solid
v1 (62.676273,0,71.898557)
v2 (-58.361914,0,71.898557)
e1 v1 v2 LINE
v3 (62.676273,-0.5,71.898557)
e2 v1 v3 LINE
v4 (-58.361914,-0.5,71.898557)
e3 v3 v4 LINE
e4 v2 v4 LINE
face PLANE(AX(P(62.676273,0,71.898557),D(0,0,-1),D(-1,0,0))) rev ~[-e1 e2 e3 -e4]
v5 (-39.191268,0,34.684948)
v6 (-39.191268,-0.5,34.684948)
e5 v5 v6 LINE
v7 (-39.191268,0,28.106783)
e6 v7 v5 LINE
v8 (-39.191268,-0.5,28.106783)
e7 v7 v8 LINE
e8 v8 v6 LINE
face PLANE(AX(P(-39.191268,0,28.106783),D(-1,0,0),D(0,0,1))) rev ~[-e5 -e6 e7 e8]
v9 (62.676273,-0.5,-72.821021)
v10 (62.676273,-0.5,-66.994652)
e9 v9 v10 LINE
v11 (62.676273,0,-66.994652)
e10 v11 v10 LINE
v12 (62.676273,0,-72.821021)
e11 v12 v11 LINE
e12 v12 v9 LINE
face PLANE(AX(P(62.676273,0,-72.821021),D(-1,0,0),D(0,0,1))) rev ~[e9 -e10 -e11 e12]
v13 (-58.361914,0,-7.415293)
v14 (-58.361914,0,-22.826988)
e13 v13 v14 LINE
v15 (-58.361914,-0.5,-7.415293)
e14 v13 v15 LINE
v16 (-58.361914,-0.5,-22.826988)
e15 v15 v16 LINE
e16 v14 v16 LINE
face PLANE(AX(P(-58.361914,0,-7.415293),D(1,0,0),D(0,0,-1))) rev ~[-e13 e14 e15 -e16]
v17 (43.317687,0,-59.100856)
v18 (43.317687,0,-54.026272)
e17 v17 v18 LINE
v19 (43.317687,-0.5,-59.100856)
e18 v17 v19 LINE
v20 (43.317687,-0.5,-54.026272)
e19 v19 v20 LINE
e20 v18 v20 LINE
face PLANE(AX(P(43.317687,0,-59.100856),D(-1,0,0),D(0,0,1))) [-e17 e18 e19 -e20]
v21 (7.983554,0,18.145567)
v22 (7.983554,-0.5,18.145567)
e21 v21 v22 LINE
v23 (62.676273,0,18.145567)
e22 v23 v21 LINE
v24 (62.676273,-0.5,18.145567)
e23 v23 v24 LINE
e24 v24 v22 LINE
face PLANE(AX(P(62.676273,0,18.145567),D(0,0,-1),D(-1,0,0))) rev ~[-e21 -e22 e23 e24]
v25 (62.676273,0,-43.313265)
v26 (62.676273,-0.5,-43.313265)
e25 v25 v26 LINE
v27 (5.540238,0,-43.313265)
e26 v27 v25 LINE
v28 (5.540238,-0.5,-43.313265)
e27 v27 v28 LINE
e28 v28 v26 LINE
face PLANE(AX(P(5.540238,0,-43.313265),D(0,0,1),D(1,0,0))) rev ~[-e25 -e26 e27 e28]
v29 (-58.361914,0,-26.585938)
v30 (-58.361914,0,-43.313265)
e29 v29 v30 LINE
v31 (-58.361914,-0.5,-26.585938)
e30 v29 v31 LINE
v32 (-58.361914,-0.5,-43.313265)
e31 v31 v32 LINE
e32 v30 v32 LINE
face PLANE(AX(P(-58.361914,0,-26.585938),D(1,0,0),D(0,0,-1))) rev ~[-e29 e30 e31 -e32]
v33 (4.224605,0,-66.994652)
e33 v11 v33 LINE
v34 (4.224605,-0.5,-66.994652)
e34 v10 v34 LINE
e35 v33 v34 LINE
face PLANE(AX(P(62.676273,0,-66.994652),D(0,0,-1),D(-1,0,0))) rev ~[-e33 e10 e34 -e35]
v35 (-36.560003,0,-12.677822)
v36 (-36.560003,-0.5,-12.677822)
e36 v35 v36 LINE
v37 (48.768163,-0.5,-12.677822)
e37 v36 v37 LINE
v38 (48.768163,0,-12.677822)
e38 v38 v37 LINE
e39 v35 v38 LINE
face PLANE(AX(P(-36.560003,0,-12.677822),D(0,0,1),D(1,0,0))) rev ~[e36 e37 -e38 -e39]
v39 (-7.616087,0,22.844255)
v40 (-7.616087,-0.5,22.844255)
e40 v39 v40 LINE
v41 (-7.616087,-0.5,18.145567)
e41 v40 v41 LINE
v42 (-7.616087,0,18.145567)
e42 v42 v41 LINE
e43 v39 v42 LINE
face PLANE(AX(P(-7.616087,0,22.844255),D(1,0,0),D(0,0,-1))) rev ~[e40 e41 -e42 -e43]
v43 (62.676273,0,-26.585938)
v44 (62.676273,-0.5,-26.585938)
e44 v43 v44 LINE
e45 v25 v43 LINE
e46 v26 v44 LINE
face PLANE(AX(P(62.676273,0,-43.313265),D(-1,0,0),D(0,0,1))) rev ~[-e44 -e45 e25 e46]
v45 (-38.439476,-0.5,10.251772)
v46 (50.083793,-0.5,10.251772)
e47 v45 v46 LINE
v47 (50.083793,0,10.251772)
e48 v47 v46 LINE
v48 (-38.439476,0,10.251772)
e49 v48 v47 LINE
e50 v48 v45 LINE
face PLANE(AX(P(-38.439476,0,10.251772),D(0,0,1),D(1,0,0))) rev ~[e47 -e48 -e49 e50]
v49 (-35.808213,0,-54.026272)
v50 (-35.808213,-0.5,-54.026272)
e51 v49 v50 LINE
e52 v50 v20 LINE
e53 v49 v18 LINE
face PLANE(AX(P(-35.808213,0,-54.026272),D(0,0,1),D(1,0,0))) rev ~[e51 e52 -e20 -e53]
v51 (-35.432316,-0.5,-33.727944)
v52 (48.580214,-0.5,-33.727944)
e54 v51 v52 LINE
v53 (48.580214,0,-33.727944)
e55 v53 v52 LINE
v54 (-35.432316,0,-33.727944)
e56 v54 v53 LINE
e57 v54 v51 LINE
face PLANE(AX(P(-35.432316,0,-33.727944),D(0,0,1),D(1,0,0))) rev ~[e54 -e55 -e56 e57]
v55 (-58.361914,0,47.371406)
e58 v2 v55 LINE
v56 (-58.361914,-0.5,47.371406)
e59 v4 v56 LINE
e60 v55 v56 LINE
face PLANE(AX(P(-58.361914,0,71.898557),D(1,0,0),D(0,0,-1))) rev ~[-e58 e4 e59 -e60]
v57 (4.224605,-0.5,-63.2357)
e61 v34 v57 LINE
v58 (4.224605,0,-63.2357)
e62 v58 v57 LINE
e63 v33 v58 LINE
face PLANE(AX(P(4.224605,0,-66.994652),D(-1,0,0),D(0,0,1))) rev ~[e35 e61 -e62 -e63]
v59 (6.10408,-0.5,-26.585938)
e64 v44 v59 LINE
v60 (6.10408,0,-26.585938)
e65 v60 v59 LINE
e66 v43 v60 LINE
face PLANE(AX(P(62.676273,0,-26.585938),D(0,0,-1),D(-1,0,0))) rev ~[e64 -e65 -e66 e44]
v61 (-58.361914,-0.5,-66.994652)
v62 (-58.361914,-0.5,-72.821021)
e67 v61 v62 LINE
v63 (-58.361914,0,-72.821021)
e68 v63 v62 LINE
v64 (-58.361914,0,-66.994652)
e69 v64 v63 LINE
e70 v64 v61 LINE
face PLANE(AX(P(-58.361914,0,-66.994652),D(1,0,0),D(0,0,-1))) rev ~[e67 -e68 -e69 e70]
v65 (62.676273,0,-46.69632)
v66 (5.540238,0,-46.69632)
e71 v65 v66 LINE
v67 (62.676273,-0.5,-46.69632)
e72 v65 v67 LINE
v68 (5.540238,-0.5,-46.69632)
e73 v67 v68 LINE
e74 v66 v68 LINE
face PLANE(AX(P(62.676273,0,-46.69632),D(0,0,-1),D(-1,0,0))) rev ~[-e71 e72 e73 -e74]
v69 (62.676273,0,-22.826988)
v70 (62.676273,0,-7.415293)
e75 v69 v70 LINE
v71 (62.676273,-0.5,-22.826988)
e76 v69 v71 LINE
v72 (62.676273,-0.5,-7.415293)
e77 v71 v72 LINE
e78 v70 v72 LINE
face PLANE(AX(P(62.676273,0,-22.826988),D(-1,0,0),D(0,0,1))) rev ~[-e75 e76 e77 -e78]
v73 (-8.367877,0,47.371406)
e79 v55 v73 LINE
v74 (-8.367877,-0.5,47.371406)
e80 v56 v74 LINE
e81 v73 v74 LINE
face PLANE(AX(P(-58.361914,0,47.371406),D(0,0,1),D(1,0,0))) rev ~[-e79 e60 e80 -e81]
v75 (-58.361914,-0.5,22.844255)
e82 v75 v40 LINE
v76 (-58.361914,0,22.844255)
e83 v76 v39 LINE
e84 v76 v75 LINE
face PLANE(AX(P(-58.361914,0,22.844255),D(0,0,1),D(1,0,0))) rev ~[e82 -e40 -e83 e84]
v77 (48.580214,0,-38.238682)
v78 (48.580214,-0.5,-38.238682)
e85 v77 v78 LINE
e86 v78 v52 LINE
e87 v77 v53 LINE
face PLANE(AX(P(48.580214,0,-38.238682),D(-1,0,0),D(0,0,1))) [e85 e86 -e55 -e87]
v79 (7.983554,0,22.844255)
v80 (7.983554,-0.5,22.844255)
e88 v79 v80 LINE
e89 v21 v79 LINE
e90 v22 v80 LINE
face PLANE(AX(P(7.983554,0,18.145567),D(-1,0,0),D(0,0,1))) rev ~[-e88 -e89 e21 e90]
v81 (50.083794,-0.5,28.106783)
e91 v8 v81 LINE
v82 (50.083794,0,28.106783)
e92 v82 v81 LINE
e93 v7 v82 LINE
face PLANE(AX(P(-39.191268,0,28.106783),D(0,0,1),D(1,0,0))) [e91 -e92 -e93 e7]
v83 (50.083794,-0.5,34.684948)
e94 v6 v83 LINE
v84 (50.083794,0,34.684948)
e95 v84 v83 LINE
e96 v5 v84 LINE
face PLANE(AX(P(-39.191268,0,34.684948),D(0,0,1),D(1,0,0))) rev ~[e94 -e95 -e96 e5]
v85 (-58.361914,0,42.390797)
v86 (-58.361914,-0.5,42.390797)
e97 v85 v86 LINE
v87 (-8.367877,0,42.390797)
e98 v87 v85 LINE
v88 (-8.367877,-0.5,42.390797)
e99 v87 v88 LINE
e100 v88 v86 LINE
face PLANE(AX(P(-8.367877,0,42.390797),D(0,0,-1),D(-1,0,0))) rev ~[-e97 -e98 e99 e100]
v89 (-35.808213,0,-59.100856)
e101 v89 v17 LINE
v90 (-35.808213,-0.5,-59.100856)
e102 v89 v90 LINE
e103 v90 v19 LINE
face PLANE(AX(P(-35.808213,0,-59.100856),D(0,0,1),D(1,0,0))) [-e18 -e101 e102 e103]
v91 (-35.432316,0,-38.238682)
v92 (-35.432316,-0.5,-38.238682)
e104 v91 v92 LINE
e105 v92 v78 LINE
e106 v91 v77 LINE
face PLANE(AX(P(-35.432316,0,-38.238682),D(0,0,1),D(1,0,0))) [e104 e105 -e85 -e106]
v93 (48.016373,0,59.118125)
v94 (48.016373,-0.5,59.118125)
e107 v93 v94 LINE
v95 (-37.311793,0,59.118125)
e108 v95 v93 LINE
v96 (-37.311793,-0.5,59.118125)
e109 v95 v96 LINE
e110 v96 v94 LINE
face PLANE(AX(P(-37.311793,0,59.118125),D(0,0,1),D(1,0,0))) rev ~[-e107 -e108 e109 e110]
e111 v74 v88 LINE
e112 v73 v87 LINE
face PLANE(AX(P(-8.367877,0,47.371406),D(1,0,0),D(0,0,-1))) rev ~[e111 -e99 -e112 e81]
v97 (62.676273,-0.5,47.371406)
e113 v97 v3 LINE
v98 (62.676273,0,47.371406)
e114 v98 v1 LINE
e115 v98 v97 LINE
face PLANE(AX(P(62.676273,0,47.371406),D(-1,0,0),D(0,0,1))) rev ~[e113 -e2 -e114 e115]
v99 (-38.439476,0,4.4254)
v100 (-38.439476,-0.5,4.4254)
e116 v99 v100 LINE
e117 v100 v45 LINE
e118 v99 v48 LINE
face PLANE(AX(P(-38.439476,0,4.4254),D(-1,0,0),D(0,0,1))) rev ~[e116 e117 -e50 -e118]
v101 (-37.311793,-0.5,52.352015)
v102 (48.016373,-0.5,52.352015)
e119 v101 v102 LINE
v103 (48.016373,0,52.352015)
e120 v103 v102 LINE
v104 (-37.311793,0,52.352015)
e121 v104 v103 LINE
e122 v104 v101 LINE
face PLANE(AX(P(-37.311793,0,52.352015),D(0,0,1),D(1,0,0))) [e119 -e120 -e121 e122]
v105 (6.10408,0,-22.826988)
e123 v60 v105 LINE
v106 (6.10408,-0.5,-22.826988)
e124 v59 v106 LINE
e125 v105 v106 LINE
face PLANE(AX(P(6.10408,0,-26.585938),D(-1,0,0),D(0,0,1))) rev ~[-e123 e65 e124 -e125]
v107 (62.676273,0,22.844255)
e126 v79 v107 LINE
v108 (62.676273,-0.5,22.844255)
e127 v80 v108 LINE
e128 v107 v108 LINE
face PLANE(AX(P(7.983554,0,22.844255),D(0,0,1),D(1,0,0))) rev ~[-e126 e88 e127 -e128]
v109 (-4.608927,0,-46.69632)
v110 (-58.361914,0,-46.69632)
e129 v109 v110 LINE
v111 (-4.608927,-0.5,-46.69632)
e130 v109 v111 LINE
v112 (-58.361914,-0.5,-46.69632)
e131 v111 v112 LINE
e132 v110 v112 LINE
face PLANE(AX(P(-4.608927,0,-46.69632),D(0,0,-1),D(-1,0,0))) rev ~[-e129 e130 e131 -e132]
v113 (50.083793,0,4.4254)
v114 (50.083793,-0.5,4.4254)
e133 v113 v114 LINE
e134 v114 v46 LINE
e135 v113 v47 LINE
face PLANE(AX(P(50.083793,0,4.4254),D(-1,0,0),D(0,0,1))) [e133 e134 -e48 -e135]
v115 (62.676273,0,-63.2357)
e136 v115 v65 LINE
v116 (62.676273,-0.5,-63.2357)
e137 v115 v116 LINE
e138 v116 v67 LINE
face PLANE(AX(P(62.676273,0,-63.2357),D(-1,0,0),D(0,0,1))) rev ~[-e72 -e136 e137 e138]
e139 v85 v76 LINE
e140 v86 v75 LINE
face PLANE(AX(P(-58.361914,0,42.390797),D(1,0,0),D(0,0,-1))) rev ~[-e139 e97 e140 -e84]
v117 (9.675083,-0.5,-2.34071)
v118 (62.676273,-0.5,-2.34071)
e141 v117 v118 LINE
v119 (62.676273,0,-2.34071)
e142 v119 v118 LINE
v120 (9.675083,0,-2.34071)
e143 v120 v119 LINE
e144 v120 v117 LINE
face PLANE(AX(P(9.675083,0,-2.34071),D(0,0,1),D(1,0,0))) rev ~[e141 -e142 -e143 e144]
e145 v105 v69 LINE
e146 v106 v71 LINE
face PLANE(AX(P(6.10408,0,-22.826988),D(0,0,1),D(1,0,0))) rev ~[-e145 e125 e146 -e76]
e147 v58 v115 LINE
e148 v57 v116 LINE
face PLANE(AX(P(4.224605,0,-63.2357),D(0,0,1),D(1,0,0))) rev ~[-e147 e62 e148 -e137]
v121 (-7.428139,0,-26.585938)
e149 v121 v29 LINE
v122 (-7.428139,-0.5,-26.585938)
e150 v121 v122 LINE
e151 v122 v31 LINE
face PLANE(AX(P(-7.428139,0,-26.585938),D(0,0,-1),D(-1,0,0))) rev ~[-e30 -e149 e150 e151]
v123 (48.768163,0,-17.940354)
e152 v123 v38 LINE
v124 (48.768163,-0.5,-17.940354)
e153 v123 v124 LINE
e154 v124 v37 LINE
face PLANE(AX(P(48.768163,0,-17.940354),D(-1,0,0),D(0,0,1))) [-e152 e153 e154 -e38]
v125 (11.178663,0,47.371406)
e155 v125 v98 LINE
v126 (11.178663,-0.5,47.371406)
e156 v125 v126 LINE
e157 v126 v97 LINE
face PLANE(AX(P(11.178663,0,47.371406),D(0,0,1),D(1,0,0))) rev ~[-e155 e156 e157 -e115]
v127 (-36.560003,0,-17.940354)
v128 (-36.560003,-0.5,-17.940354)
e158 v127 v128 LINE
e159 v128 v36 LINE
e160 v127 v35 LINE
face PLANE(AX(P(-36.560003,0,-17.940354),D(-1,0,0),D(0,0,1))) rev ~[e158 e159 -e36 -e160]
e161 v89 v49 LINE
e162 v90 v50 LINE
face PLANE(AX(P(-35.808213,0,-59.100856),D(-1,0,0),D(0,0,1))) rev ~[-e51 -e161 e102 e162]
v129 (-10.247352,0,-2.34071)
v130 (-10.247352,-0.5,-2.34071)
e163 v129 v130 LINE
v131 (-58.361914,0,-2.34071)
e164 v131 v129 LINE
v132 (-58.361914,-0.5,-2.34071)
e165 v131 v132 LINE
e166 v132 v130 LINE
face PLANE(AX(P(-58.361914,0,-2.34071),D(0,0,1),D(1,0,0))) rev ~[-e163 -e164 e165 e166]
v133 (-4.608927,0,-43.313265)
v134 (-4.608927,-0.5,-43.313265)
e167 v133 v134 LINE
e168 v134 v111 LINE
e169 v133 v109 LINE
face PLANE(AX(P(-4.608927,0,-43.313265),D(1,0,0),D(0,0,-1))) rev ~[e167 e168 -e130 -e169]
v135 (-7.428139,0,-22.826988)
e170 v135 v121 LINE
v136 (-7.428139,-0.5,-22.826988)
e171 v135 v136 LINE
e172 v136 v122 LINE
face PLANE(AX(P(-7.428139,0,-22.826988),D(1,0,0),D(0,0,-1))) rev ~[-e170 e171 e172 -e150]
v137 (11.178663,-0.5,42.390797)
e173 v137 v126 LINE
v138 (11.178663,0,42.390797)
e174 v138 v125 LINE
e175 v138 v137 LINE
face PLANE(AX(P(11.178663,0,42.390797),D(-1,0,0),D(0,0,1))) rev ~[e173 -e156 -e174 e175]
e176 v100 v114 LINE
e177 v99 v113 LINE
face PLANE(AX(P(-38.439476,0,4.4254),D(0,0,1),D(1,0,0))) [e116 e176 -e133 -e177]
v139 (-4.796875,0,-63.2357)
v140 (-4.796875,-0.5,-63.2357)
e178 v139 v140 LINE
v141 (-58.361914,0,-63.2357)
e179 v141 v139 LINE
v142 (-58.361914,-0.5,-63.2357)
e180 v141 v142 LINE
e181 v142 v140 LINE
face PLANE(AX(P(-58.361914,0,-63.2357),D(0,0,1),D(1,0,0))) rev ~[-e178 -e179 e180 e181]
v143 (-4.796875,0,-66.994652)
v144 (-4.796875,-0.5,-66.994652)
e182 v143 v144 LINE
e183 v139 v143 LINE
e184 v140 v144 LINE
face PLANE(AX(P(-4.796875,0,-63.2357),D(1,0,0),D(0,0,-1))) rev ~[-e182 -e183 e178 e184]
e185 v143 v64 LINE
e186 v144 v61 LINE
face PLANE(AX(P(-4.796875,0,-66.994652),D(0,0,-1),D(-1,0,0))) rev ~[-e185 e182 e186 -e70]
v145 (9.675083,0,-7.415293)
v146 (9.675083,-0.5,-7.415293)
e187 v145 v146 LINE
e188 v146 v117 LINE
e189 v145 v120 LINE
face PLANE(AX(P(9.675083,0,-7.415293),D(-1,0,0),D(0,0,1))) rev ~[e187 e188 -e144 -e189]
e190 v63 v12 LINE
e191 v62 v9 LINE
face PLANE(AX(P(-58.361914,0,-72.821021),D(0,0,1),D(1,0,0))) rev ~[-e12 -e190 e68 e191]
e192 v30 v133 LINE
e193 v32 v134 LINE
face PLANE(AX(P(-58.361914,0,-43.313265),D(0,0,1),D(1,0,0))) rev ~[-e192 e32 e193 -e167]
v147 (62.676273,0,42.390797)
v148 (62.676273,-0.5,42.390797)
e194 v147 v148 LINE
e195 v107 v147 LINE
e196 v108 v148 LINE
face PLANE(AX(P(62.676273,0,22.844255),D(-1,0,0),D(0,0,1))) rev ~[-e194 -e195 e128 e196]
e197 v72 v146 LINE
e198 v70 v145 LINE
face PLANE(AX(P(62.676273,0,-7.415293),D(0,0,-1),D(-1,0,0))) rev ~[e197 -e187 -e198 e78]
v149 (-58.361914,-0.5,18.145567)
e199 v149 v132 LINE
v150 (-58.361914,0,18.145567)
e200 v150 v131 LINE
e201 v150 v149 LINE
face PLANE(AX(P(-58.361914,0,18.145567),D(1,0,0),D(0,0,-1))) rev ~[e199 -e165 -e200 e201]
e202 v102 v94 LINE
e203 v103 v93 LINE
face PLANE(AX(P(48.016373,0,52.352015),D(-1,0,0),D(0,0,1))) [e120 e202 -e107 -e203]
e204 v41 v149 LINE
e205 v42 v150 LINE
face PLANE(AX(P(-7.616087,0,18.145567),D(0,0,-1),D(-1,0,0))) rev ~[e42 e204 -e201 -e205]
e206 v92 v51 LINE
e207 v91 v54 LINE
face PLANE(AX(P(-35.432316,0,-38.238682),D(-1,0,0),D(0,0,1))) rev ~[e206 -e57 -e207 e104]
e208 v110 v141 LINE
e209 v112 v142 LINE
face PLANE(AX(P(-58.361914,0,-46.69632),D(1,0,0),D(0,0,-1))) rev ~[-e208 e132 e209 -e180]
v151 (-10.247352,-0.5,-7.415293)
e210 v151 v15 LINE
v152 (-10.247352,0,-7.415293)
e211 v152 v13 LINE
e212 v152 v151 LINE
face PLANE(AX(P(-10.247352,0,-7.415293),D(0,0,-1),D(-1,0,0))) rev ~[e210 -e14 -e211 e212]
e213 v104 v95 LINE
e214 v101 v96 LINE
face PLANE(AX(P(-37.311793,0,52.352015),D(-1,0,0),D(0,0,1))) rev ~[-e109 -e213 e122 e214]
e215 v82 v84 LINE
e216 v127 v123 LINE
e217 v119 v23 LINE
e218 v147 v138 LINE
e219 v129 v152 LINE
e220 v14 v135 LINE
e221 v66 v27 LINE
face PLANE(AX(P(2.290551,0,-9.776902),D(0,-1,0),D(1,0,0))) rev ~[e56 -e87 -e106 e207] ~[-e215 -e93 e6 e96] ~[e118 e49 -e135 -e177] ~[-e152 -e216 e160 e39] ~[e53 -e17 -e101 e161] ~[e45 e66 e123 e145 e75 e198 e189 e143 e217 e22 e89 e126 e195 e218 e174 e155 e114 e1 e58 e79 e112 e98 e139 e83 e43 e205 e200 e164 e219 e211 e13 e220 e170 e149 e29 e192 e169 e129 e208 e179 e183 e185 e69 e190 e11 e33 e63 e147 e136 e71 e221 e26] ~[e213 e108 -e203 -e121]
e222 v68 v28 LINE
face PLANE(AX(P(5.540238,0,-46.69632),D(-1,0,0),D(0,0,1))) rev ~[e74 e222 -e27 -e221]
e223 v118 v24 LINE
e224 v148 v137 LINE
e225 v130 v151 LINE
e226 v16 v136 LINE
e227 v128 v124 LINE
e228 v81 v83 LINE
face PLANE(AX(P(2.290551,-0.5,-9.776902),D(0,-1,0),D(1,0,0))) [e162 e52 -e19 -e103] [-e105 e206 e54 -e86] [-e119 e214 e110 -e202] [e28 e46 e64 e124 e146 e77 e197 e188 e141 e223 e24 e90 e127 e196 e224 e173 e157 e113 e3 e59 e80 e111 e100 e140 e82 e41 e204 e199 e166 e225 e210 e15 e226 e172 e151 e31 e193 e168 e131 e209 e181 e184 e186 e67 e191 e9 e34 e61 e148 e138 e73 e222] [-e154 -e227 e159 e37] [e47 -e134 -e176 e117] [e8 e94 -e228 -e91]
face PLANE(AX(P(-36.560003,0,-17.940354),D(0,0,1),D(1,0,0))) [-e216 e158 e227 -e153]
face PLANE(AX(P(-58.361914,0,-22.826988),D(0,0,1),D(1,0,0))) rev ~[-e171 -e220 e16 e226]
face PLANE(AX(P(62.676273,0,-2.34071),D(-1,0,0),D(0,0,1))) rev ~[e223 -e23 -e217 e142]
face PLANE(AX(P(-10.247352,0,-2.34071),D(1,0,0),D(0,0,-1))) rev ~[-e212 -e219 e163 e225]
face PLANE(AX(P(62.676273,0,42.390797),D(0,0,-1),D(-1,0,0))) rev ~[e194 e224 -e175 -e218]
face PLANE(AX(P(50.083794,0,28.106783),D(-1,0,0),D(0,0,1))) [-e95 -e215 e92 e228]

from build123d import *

# Parameters (mm, degrees)
F0_W     = 79.1259
F0_H     = 5.074583
F0_W_2   = 84.01253
F0_H_2   = 4.510738
F0_W_3   = 85.328166
F0_H_3   = 5.262531
F0_W_4   = 88.523269
F0_H_4   = 5.826373
F0_W_5   = 89.275062
F0_H_5   = 6.578165
F0_W_6   = 85.328165
F0_H_6   = 6.766111
F1_DEPTH = 0.5


with BuildPart() as f1:
    # F0 (on Front) → F1 (new body)
    with BuildSketch(Plane.XZ):
        Polygon((62.676273, 71.898557), (-58.361914, 71.898557), (-58.361914, 47.371406), (-8.367877, 47.371406), (-8.367877, 42.390797), (-58.361914, 42.390797), (-58.361914, 22.844255), (-7.616087, 22.844255), (-7.616087, 18.145567), (-58.361914, 18.145567), (-58.361914, -2.34071), (-10.247352, -2.34071), (-10.247352, -7.415293), (-58.361914, -7.415293), (-58.361914, -22.826988), (-7.428139, -22.826988), (-7.428139, -26.585938), (-58.361914, -26.585938), (-58.361914, -43.313265), (-4.608927, -43.313265), (-4.608927, -46.69632), (-58.361914, -46.69632), (-58.361914, -63.2357), (-4.796875, -63.2357), (-4.796875, -66.994652), (-58.361914, -66.994652), (-58.361914, -72.821021), (62.676273, -72.821021), (62.676273, -66.994652), (4.224605, -66.994652), (4.224605, -63.2357), (62.676273, -63.2357), (62.676273, -46.69632), (5.540238, -46.69632), (5.540238, -43.313265), (62.676273, -43.313265), (62.676273, -26.585938), (6.10408, -26.585938), (6.10408, -22.826988), (62.676273, -22.826988), (62.676273, -7.415293), (9.675083, -7.415293), (9.675083, -2.34071), (62.676273, -2.34071), (62.676273, 18.145567), (7.983554, 18.145567), (7.983554, 22.844255), (62.676273, 22.844255), (62.676273, 42.390797), (11.178663, 42.390797), (11.178663, 47.371406), (62.676273, 47.371406), align=None)
        with Locations((3.754737, -56.563564)):
            Rectangle(F0_W, F0_H, mode=Mode.SUBTRACT)
        with Locations((6.573949, -35.983313)):
            Rectangle(F0_W_2, F0_H_2, mode=Mode.SUBTRACT)
        with Locations((6.10408, -15.309088)):
            Rectangle(F0_W_3, F0_H_3, mode=Mode.SUBTRACT)
        with Locations((5.822159, 7.338586)):
            Rectangle(F0_W_4, F0_H_4, mode=Mode.SUBTRACT)
        with Locations((5.446263, 31.395866)):
            Rectangle(F0_W_5, F0_H_5, mode=Mode.SUBTRACT)
        with Locations((5.35229, 55.73507)):
            Rectangle(F0_W_6, F0_H_6, mode=Mode.SUBTRACT)
    extrude(amount=F1_DEPTH)


solid = f1.part
